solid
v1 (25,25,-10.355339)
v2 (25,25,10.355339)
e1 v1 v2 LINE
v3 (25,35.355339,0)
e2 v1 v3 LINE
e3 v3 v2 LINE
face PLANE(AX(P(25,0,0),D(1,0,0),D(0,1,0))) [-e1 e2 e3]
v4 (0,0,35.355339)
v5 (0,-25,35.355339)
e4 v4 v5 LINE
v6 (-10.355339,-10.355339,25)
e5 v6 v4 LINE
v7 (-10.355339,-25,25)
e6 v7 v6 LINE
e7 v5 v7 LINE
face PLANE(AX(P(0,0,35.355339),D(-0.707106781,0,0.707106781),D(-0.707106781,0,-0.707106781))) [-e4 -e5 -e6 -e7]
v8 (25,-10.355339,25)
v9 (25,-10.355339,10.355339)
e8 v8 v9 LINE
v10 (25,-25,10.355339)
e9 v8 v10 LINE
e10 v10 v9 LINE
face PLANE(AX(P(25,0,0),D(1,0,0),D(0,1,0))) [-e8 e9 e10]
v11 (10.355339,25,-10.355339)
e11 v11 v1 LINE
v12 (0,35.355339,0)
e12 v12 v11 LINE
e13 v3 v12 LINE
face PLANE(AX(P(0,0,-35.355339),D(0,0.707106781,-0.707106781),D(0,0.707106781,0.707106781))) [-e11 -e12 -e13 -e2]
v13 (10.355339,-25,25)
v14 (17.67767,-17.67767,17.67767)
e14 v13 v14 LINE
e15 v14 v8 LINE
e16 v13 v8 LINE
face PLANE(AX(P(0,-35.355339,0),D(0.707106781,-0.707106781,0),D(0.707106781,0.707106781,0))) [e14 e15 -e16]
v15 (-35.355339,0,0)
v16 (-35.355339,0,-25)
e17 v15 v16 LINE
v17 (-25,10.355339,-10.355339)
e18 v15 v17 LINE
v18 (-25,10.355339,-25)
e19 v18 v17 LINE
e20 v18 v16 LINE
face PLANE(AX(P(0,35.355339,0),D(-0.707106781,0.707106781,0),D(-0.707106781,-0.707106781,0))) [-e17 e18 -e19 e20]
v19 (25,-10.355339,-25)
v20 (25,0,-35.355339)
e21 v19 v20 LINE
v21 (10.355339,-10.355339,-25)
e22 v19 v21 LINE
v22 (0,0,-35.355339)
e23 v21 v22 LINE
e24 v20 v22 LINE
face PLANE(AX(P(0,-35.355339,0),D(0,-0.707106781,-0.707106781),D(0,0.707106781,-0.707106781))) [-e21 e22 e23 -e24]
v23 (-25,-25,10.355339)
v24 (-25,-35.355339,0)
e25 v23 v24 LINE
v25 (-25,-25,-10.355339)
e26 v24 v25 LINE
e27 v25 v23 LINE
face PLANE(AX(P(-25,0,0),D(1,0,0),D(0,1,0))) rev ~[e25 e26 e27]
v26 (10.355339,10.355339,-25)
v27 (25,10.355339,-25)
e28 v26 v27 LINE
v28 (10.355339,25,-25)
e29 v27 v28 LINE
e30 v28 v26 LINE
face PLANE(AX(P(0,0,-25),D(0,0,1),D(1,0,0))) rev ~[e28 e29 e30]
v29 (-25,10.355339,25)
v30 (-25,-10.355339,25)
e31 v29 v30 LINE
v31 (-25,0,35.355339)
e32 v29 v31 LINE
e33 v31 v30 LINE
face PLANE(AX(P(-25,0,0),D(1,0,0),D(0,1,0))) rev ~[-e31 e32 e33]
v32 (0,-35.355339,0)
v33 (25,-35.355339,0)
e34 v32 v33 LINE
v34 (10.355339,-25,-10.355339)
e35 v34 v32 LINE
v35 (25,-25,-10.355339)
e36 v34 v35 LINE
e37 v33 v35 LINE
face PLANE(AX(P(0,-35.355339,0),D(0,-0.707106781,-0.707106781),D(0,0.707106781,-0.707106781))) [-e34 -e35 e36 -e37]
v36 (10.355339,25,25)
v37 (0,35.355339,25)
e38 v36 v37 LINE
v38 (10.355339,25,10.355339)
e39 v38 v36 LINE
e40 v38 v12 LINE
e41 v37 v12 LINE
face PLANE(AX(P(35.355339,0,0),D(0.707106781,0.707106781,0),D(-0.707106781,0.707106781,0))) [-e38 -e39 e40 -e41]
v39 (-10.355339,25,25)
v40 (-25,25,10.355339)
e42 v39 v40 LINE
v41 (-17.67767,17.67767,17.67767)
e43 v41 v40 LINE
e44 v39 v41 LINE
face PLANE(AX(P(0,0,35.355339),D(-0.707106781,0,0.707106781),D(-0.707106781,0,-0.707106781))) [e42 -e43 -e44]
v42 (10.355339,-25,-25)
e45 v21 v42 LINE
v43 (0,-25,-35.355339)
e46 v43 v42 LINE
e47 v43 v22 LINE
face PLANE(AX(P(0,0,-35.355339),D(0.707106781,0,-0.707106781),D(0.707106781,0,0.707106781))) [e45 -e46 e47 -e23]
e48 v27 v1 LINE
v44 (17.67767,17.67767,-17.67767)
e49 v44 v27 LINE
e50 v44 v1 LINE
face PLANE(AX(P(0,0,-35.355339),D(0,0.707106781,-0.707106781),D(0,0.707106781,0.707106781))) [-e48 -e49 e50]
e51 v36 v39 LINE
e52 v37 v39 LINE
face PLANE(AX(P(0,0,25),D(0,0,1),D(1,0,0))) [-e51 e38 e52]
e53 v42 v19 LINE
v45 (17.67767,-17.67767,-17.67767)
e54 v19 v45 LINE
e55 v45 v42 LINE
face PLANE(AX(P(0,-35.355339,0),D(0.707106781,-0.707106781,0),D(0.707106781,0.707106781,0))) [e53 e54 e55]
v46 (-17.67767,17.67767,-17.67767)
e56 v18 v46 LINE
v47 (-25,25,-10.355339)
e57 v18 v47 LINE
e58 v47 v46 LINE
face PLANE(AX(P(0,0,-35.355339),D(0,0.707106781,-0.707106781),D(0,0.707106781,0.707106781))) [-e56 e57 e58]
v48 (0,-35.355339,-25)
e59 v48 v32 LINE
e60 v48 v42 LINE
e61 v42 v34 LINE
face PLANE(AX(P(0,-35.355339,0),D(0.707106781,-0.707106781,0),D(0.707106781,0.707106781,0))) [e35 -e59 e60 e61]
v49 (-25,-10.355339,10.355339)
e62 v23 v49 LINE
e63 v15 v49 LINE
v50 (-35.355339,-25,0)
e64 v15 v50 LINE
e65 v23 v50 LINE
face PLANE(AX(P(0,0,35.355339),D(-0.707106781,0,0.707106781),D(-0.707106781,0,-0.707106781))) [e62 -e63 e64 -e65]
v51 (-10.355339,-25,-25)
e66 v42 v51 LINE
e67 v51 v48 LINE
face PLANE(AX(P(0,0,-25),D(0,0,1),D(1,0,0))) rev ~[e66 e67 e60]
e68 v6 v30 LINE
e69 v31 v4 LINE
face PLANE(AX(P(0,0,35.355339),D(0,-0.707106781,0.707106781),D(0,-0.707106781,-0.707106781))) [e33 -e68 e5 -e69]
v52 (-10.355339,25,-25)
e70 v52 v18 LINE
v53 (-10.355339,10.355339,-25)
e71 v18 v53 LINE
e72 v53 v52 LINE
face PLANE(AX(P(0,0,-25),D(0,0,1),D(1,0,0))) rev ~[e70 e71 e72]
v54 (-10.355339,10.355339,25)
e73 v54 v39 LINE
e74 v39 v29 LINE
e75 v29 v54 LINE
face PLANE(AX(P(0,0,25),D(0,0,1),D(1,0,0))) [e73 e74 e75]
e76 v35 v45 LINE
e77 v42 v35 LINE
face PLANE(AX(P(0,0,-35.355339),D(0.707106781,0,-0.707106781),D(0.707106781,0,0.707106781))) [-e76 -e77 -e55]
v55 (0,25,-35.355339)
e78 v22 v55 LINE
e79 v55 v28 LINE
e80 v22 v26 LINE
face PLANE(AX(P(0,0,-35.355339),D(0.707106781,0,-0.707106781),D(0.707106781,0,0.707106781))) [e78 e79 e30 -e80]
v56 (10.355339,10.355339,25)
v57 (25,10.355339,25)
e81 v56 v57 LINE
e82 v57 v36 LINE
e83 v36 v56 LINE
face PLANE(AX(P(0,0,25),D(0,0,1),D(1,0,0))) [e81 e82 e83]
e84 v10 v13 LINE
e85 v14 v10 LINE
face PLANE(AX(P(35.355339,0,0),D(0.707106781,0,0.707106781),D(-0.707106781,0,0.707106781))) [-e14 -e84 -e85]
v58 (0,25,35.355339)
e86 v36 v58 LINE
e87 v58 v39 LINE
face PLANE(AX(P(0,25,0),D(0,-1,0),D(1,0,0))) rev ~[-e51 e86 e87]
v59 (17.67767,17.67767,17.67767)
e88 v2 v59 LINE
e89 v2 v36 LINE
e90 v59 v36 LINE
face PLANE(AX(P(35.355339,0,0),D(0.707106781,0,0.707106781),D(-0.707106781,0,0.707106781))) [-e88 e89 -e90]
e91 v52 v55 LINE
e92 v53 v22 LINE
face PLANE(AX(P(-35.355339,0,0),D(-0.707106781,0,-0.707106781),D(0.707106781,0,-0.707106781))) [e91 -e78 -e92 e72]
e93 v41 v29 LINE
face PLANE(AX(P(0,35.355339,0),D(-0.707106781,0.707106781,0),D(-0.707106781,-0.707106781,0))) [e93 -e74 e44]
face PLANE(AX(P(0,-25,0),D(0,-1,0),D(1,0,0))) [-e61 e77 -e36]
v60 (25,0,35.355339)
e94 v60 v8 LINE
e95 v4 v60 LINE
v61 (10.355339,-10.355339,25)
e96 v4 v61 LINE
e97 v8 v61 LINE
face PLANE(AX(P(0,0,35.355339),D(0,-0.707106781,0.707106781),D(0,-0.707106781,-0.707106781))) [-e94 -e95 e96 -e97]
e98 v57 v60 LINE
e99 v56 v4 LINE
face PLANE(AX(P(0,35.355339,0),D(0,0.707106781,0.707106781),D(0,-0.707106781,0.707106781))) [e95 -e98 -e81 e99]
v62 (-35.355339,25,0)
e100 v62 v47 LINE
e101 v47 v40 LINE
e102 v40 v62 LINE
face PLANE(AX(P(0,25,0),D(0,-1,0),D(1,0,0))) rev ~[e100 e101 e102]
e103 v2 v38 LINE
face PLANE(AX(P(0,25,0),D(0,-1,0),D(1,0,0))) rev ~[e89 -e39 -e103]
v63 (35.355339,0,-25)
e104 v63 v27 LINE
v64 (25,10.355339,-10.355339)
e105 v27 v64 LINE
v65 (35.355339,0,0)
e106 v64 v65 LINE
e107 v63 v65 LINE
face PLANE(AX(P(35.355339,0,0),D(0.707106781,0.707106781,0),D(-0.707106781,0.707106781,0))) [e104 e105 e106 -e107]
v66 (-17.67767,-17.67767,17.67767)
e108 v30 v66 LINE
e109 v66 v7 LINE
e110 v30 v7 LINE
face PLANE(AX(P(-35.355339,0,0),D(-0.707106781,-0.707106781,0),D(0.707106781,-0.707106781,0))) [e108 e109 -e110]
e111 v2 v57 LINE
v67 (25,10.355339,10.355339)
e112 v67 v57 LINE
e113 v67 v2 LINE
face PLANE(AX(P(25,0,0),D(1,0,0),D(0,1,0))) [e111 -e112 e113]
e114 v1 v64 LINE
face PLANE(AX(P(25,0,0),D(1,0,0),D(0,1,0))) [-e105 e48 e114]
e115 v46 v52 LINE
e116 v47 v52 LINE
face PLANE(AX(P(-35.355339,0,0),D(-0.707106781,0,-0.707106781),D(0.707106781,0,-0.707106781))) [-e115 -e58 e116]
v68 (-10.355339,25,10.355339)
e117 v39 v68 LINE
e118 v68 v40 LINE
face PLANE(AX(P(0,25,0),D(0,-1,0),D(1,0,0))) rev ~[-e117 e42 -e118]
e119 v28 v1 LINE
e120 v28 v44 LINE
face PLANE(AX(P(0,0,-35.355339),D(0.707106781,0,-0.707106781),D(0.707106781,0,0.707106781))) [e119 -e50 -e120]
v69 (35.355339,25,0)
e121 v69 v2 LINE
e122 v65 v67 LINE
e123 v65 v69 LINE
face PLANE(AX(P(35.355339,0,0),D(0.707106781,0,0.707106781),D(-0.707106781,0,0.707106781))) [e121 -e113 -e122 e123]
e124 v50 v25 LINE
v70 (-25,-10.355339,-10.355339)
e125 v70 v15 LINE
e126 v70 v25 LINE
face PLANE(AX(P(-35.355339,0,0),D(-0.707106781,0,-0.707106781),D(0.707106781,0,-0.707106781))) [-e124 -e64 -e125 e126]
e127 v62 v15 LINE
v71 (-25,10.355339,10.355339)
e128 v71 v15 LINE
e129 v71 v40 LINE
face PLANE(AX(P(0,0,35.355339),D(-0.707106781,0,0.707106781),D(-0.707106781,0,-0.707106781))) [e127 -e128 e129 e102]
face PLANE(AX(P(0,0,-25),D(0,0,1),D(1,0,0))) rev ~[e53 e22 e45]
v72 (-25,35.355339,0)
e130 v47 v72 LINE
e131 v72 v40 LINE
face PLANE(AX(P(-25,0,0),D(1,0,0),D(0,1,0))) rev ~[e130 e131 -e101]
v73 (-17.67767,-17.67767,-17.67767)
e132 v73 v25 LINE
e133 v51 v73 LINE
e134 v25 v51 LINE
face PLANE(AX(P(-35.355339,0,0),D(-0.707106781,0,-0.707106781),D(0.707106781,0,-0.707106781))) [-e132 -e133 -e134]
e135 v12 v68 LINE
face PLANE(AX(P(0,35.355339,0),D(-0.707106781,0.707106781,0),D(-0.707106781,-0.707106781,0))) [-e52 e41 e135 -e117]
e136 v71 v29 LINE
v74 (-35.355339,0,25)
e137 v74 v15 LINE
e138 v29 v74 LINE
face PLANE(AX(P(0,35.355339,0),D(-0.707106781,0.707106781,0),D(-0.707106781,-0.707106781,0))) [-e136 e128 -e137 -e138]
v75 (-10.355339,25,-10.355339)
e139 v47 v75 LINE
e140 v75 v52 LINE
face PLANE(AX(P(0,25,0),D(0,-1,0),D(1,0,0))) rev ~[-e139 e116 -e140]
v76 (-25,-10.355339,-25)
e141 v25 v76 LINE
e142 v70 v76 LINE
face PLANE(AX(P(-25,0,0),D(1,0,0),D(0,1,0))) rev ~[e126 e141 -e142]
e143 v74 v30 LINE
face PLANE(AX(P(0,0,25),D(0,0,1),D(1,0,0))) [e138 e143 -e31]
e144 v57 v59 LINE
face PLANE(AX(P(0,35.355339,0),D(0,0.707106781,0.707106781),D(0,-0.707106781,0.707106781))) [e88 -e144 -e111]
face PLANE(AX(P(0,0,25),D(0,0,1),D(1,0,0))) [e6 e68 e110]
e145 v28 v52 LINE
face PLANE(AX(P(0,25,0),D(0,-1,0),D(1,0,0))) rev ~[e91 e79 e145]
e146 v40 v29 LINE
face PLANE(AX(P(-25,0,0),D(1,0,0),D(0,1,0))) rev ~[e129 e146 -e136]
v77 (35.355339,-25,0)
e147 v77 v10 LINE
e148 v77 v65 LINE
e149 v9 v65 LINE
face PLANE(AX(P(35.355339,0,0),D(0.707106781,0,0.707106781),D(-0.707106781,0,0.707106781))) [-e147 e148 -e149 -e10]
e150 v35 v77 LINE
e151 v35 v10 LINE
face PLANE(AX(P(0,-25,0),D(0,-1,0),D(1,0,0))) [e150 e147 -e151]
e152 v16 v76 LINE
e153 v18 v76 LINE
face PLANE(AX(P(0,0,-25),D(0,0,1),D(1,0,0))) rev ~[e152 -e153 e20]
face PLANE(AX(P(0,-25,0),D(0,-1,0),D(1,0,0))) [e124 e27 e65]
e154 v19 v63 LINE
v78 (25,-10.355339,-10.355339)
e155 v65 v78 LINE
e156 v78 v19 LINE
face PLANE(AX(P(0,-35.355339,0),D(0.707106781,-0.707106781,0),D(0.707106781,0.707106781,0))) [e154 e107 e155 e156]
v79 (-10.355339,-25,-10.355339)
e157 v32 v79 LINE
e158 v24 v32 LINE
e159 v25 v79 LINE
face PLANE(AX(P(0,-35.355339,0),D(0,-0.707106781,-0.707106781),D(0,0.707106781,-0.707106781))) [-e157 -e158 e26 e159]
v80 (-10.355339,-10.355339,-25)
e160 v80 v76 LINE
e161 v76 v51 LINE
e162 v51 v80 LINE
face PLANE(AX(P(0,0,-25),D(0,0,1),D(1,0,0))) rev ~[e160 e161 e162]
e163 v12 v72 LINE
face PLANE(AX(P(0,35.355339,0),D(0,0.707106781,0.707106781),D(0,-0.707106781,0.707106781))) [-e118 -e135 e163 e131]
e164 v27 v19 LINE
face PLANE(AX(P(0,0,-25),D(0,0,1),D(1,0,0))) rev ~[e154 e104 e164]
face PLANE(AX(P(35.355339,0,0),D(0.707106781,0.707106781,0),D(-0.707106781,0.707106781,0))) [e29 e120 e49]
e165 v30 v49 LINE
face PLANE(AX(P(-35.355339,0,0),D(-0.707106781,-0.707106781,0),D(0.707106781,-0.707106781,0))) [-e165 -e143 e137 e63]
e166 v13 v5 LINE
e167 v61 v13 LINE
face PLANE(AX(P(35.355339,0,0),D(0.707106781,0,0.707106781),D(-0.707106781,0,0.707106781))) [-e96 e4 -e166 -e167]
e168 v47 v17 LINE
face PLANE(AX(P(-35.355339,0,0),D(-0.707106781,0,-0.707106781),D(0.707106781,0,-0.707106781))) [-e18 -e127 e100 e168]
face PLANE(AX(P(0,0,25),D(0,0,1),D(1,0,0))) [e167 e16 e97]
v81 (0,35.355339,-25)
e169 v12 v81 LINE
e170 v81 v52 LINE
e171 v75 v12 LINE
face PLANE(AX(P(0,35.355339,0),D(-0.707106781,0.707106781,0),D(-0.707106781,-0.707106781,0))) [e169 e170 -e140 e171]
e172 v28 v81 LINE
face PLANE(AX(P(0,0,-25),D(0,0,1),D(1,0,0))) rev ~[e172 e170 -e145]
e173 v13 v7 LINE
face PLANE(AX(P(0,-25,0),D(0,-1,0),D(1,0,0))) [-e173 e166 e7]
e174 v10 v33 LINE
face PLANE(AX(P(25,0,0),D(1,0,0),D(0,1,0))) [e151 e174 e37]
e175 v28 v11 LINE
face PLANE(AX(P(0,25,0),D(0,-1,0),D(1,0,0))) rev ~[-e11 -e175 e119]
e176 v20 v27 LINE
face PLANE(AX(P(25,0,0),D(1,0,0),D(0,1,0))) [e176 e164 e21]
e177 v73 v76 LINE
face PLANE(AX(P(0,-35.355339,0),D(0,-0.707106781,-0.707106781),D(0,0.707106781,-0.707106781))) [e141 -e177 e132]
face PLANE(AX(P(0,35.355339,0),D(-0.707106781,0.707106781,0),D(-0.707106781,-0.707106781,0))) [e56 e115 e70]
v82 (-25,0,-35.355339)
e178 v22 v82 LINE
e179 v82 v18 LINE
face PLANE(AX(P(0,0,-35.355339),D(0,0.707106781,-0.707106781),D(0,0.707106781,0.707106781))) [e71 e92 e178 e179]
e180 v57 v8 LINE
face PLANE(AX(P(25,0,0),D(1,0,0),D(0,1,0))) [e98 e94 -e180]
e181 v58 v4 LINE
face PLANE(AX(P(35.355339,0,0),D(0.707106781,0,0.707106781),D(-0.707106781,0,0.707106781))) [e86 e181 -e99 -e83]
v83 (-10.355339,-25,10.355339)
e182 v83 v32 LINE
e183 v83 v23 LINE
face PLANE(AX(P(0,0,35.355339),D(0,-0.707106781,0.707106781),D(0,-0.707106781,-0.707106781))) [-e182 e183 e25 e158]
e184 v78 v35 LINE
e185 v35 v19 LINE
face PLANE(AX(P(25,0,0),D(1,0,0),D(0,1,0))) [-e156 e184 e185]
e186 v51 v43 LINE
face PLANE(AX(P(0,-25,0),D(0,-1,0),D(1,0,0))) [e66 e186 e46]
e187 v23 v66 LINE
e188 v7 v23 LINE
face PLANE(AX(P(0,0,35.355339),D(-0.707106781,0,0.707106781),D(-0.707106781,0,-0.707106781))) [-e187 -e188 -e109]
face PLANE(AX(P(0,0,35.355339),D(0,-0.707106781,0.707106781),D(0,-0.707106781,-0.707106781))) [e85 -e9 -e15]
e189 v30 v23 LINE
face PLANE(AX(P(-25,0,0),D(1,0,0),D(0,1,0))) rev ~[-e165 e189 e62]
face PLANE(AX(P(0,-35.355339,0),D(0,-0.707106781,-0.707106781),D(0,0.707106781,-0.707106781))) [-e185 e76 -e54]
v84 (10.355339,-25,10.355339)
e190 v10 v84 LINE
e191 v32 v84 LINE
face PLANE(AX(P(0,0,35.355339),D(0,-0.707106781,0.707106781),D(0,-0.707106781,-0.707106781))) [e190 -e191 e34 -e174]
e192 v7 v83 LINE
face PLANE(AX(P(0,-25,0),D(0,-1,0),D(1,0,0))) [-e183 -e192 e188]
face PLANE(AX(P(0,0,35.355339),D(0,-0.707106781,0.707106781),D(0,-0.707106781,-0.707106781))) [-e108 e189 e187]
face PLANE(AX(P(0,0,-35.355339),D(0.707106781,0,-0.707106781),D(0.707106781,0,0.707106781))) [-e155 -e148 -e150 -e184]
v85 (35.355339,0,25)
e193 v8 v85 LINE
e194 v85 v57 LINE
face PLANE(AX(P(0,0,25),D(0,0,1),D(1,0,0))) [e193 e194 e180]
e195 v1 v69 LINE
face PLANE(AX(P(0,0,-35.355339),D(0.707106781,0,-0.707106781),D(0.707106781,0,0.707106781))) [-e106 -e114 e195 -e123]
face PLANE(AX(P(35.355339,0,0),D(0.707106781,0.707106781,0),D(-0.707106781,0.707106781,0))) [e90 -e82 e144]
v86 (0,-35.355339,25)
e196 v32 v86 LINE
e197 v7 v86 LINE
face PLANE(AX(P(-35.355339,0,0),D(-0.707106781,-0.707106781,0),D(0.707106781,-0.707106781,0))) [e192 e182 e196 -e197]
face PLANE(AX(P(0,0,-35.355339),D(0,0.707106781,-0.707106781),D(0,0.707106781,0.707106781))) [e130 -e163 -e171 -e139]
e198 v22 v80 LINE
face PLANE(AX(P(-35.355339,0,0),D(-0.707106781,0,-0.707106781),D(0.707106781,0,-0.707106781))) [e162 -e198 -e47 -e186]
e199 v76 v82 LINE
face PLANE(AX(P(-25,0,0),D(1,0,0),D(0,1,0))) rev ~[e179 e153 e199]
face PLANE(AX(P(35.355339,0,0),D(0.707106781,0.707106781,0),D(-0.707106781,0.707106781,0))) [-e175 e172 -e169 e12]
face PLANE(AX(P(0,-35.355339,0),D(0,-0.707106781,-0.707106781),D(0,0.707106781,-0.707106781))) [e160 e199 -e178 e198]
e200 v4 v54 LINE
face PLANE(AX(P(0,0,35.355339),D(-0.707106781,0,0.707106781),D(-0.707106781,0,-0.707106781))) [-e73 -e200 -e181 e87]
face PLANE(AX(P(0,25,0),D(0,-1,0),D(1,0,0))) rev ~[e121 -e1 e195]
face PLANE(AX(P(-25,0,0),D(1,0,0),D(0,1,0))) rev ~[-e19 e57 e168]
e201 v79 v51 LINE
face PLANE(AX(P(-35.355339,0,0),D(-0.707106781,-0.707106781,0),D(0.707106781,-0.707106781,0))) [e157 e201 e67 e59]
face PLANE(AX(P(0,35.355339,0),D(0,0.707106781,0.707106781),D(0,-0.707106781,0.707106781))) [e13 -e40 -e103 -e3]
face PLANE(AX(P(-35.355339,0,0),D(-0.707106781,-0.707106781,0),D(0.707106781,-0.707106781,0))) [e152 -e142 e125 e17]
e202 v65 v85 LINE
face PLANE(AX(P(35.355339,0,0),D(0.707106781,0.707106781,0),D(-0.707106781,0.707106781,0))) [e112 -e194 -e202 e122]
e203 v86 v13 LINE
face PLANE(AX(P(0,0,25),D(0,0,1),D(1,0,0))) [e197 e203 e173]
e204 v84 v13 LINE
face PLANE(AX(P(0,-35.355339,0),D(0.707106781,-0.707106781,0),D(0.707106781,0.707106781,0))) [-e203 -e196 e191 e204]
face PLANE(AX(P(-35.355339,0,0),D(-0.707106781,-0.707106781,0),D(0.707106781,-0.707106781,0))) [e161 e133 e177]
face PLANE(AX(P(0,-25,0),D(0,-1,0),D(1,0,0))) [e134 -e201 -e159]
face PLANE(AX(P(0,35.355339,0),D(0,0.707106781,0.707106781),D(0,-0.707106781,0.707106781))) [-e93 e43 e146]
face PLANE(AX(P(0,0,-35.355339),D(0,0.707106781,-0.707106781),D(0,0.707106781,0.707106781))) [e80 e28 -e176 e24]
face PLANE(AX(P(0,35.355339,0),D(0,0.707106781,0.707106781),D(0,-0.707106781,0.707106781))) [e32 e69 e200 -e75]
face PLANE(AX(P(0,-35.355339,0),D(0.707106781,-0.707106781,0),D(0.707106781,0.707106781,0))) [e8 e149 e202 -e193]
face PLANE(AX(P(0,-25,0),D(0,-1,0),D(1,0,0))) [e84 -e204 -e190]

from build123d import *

# Parameters (mm, degrees)
F1_DEPTH = 25
F3_DEPTH = 25
F5_DEPTH = 25


with BuildPart() as f1:
    # F0 (on Front) → F1 (new body, symmetric)
    with BuildSketch(Plane.XZ):
        Polygon((35.355339, 0), (0, 35.355339), (-35.355339, 0), (0, -35.355339), align=None)
    extrude(amount=F1_DEPTH, both=True)

    # F2 (on Right) → F3 (join, symmetric)
    with BuildSketch(Plane.YZ):
        Polygon((35.355339, 0), (0, 35.355339), (-35.355339, 0), (0, -35.355339), align=None)
    extrude(amount=F3_DEPTH, both=True)

    # F4 (on Top) → F5 (join, symmetric)
    with BuildSketch(Plane.XY):
        Polygon((-35.355339, 0), (0, -35.355339), (35.355339, 0), (0, 35.355339), align=None)
    extrude(amount=F5_DEPTH, both=True)


solid = f1.part
